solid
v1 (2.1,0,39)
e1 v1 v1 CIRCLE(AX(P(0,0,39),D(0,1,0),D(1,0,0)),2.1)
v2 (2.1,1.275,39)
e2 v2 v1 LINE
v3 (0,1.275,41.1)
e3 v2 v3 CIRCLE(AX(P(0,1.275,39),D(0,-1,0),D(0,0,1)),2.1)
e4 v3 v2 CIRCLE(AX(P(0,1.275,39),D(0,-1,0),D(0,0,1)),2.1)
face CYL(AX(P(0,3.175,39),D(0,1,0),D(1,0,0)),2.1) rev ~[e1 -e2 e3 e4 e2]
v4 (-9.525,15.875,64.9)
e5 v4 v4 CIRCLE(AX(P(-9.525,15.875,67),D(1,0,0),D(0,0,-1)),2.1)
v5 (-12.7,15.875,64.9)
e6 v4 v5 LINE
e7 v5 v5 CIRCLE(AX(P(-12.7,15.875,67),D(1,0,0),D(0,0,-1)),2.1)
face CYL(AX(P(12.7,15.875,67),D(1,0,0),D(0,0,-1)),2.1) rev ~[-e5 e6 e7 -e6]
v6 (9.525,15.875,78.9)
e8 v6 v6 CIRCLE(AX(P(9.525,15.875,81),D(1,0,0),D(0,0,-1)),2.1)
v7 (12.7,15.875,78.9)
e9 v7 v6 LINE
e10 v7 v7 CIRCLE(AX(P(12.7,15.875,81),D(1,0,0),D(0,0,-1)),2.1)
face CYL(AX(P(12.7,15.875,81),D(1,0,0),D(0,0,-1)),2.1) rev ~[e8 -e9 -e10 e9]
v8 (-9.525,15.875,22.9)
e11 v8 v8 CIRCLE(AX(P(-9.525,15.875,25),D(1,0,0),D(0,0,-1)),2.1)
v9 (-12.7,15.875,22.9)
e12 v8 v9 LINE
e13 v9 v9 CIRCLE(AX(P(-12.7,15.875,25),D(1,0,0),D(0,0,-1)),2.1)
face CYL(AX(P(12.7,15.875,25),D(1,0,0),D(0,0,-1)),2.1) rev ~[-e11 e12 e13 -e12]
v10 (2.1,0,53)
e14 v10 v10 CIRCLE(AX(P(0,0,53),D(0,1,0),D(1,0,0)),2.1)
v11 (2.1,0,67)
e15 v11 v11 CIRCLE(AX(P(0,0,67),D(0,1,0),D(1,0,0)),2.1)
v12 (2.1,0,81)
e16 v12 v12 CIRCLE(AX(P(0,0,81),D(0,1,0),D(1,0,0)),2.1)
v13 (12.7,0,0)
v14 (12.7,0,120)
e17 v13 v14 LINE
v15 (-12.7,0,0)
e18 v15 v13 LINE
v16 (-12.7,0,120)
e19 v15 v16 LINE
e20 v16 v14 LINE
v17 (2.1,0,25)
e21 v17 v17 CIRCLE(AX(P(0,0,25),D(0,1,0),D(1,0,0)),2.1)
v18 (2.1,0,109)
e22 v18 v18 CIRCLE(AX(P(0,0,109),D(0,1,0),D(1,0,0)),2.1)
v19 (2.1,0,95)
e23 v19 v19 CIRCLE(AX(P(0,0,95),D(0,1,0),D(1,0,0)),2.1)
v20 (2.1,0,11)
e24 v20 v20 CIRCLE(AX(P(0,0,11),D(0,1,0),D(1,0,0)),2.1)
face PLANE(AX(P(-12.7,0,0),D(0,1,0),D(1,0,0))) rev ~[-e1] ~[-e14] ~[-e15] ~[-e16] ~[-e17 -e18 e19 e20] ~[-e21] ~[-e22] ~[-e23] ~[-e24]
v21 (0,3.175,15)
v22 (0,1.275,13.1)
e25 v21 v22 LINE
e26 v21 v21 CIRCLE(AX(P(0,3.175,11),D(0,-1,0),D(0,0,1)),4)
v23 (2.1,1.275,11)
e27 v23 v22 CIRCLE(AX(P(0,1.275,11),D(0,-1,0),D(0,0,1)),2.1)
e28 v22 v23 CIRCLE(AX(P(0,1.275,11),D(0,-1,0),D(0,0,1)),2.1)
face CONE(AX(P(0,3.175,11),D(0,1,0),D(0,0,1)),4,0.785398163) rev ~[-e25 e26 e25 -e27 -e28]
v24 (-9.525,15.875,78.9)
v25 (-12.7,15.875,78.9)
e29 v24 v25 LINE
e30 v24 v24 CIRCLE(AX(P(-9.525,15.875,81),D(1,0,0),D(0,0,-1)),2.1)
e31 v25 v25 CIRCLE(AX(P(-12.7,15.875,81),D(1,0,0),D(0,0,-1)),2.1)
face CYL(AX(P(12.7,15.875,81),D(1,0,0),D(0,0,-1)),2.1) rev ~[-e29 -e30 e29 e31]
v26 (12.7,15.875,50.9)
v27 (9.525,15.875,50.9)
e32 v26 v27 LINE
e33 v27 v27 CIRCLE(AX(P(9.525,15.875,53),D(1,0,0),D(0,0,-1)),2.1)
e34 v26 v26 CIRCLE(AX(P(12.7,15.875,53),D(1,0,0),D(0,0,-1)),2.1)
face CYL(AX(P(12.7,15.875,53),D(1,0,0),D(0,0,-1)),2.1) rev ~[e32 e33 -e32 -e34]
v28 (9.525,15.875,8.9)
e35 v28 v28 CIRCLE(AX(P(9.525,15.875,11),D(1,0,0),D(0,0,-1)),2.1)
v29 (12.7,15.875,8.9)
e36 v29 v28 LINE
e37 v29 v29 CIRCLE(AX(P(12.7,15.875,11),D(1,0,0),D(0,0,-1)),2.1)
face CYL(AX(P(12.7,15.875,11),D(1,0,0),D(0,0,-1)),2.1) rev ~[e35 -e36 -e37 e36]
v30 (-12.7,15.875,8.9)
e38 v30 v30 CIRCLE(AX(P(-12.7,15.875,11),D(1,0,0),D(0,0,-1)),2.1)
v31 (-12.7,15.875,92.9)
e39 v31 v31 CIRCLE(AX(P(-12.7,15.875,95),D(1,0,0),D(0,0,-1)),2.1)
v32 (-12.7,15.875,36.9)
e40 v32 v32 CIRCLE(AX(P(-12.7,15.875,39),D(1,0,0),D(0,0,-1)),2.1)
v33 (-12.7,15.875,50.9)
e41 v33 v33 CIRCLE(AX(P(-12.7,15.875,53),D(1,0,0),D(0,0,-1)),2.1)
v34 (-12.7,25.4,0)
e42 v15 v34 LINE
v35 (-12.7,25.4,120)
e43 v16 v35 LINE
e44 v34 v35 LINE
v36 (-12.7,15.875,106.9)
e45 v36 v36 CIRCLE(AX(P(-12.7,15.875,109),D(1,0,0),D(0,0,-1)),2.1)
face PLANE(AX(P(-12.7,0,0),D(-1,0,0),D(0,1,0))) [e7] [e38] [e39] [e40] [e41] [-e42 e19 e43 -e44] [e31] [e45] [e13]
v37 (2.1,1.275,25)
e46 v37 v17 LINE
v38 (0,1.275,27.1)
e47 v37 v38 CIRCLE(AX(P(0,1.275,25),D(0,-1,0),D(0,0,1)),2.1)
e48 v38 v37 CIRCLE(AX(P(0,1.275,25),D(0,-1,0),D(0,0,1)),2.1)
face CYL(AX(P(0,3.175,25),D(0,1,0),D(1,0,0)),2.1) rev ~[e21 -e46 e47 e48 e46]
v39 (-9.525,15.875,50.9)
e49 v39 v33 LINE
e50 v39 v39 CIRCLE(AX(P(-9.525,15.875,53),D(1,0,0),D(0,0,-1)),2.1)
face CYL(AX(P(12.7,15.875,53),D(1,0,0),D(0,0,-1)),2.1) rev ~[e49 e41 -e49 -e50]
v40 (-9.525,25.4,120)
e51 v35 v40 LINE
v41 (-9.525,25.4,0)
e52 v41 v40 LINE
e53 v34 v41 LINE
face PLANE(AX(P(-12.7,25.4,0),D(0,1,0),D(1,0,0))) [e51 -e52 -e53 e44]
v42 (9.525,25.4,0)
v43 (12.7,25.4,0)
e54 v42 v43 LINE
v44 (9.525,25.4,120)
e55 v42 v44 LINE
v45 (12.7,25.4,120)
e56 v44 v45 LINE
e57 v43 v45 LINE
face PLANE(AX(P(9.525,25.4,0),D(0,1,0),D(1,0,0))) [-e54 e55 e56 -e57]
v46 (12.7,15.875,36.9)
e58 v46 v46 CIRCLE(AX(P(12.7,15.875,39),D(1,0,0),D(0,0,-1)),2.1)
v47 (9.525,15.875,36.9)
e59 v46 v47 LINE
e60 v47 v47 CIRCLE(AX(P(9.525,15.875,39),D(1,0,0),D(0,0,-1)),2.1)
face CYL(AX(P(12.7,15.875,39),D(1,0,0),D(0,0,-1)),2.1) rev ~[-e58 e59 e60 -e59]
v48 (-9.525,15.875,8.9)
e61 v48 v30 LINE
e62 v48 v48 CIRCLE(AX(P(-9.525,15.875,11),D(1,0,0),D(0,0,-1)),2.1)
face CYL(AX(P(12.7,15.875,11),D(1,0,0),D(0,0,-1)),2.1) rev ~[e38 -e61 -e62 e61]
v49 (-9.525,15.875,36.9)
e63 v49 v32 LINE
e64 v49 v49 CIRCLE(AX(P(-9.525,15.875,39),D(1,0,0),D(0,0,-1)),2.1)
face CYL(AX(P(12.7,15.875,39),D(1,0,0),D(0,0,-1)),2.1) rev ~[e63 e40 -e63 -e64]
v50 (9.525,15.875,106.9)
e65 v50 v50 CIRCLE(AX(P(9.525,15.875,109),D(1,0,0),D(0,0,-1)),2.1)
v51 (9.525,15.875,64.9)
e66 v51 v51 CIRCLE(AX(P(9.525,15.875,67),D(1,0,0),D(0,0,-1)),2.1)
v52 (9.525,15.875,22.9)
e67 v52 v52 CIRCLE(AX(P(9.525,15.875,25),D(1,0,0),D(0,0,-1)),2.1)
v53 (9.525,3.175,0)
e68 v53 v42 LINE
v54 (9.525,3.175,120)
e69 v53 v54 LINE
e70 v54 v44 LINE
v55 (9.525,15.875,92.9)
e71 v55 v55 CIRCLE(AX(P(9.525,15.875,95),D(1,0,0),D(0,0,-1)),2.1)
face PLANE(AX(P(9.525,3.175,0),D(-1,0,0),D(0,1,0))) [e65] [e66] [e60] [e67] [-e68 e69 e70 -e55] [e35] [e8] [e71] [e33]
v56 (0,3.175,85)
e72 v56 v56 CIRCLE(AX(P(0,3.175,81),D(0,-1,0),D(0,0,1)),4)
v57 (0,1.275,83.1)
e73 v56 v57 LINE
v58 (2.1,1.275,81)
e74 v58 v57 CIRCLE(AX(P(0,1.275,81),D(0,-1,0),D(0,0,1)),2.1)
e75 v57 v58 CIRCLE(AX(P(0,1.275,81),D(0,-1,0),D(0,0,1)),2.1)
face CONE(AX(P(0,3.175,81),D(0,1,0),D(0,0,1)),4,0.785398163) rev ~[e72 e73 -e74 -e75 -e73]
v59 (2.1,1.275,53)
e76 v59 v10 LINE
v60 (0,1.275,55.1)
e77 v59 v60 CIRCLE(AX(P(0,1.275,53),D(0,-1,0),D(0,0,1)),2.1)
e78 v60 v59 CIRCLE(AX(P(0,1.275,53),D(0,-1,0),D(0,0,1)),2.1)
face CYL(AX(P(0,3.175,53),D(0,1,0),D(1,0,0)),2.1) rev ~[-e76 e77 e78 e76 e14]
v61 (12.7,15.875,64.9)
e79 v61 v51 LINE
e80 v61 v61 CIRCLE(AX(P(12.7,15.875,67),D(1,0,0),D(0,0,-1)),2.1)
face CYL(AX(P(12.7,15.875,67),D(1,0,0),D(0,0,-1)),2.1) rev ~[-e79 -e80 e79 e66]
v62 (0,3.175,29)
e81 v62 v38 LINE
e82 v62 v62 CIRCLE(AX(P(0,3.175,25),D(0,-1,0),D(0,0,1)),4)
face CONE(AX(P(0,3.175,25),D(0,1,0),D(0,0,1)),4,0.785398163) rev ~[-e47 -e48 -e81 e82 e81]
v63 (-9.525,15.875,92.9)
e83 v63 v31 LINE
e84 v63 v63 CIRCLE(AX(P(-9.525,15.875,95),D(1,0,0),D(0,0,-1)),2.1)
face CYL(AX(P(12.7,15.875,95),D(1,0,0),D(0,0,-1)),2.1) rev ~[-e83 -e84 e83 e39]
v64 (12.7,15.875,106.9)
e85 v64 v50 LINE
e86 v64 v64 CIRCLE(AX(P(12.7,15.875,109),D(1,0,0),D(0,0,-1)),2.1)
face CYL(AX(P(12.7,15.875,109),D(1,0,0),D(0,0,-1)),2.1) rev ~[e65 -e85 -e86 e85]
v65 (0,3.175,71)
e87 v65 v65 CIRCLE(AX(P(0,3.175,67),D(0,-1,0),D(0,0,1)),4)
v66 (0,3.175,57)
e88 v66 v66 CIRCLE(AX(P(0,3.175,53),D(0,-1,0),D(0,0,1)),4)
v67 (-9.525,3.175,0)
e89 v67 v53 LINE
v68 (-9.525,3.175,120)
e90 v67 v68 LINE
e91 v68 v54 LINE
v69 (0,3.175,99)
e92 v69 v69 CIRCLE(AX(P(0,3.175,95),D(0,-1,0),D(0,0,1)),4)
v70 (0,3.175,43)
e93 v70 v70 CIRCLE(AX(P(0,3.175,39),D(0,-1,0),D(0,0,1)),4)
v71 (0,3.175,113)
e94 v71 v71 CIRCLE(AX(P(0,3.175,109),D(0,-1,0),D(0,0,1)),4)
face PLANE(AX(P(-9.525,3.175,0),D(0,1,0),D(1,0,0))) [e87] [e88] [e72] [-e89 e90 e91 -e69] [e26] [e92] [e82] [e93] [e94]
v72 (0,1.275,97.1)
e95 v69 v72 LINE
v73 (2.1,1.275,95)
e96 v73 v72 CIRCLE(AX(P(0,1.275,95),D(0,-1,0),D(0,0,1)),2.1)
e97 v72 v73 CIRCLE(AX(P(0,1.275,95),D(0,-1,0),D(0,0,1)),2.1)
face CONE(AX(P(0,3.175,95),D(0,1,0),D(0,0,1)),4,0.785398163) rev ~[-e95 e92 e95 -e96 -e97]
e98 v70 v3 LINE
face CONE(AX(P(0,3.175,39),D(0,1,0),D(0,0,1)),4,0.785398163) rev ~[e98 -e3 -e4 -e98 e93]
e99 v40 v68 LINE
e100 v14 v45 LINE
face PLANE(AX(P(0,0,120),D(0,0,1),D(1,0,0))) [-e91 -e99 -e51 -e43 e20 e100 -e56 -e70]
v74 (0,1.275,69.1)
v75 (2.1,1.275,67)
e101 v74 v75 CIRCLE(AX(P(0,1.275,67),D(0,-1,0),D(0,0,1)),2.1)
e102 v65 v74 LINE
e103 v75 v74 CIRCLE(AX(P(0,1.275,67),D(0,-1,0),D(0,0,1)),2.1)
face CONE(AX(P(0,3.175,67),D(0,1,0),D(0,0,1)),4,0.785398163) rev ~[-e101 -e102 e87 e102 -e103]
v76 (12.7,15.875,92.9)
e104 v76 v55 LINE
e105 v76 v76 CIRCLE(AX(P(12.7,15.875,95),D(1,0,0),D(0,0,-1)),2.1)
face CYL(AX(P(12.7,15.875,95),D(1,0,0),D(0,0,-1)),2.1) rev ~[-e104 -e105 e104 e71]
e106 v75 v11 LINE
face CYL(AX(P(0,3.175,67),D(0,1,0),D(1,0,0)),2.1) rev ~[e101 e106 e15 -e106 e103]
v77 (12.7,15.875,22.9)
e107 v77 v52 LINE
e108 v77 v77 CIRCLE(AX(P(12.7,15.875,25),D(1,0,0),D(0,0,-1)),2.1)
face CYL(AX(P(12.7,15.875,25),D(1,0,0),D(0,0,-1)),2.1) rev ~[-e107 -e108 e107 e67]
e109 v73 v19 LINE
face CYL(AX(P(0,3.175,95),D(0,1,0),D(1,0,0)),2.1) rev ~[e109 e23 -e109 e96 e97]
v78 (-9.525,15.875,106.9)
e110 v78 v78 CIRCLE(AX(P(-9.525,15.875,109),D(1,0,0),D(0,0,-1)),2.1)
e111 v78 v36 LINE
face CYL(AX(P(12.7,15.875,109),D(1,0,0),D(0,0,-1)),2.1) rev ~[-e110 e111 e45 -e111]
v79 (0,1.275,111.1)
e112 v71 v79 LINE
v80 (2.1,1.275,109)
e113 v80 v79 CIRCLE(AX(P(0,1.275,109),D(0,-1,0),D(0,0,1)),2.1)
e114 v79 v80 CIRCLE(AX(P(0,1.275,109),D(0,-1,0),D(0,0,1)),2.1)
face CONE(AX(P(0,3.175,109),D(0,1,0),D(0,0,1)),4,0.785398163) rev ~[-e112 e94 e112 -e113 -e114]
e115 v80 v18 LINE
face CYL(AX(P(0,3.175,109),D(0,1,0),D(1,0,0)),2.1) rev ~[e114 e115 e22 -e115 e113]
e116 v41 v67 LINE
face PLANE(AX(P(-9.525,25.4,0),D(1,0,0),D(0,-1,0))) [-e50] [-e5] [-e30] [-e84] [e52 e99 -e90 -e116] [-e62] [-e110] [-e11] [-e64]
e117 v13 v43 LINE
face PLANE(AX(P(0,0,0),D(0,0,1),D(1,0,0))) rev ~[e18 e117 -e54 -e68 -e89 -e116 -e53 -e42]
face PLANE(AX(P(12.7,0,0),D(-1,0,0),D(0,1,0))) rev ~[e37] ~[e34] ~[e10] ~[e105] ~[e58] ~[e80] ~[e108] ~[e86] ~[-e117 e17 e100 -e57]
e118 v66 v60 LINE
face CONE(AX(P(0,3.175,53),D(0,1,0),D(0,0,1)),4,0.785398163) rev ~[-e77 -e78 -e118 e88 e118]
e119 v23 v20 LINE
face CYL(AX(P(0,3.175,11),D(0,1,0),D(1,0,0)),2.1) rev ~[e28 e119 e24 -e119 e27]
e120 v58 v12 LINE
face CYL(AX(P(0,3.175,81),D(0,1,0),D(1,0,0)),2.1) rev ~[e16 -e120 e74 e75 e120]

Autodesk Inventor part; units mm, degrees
ref_plane "YZ Plane" through (0, 0, 0) normal (1, 0, 0) x (0, 1, 0)
ref_plane "XZ Plane" through (0, 0, 0) normal (0, 1, 0) x (-1, 0, 0)
ref_plane "XY Plane" through (0, 0, 0) normal (0, 0, 1) x (1, 0, 0)
sketch "Sketch1" plane through (0, 0, 0) normal (0, 0, 1) x (1, 0, 0)
  line L0 (-12.7, 0) -> (12.7, 0)
  line L1 (-12.7, 0) -> (-12.7, 25.4)
  line L2 (12.7, 0) -> (12.7, 25.4)
  line L3 (-9.525, 25.4) -> (-9.525, 3.175)
  line L4 (-9.525, 3.175) -> (9.525, 3.175)
  line L5 (9.525, 3.175) -> (9.525, 25.4)
  line L6 (-12.7, 25.4) -> (-9.525, 25.4)
  line L7 (9.525, 25.4) -> (12.7, 25.4)
  point P0 (0, 0)
  point P1 (0, 0)
  dimension "d0" = 25.4
  dimension "d1" = 25.4
  dimension "d2" = 25.4
  dimension "d3" = 3.175
extrude "Extrusion1" add sketch "Sketch1" along normal blind 120
sketch "Sketch2" plane through (-9.525, 3.175, 0) normal (0, 1, 0) x (1, 0, 0)
  circle A0 centre (9.525, -11) radius 2.1
  line L0 (-3.175, 0) -> (-3.175, -120) construction
  circle A1 centre (9.525, -25) radius 2.1
  circle A2 centre (9.525, -39) radius 2.1
  circle A3 centre (9.525, -53) radius 2.1
  circle A4 centre (9.525, -67) radius 2.1
  circle A5 centre (9.525, -81) radius 2.1
  circle A6 centre (9.525, -95) radius 2.1
  circle A7 centre (9.525, -109) radius 2.1
  line L1 (9.525, -67) -> (9.525, -53) construction
  line L2 (19.05, 0) -> (19.05, -120) projected
  line L3 (19.05, 0) -> (0, 0) projected
  point P0 (9.525, 0)
  point P1 (9.525, -60)
  point P2 (19.05, -60)
  point P3 (9.525, 0)
  dimension "d6" = 4.2
  dimension "d10" = 14
extrude "Extrusion2" cut sketch "Sketch2" against normal through all
sketch "Sketch3" plane through (12.7, 0, 0) normal (1, 0, 0) x (0, 0, -1)
  circle A0 centre (-11, 15.875) radius 2.1
  line L0 (0, 3.175) -> (0, 25.4) construction
  line L1 (0, 25.4) -> (-120, 25.4) construction
  circle A1 centre (-25, 15.875) radius 2.1
  circle A2 centre (-39, 15.875) radius 2.1
  circle A3 centre (-53, 15.875) radius 2.1
  circle A4 centre (-67, 15.875) radius 2.1
  circle A5 centre (-81, 15.875) radius 2.1
  circle A6 centre (-95, 15.875) radius 2.1
  circle A7 centre (-109, 15.875) radius 2.1
  line L2 (-67, 15.875) -> (-53, 15.875) construction
  line L3 (0, 0) -> (-120, 0) projected
  point P0 (-60, 15.875)
  point P1 (-60, 25.4)
  dimension "d17" = 4.2
  dimension "d21" = 14
  dimension "d35" = 15.875
extrude "Extrusion3" cut sketch "Sketch3" against normal through all
hole "Hole1" at (0, 3.175, 109) at (0, 3.175, 95) at (0, 3.175, 81) at (0, 3.175, 67) at (0, 3.175, 53) at (0, 3.175, 39) at (0, 3.175, 25) at (0, 3.175, 11) direction (0, -1, 0) diameter 4.2 end through all countersink diameter 8 countersink angle 90
properties part number "C-Channel_ArmSupport"
